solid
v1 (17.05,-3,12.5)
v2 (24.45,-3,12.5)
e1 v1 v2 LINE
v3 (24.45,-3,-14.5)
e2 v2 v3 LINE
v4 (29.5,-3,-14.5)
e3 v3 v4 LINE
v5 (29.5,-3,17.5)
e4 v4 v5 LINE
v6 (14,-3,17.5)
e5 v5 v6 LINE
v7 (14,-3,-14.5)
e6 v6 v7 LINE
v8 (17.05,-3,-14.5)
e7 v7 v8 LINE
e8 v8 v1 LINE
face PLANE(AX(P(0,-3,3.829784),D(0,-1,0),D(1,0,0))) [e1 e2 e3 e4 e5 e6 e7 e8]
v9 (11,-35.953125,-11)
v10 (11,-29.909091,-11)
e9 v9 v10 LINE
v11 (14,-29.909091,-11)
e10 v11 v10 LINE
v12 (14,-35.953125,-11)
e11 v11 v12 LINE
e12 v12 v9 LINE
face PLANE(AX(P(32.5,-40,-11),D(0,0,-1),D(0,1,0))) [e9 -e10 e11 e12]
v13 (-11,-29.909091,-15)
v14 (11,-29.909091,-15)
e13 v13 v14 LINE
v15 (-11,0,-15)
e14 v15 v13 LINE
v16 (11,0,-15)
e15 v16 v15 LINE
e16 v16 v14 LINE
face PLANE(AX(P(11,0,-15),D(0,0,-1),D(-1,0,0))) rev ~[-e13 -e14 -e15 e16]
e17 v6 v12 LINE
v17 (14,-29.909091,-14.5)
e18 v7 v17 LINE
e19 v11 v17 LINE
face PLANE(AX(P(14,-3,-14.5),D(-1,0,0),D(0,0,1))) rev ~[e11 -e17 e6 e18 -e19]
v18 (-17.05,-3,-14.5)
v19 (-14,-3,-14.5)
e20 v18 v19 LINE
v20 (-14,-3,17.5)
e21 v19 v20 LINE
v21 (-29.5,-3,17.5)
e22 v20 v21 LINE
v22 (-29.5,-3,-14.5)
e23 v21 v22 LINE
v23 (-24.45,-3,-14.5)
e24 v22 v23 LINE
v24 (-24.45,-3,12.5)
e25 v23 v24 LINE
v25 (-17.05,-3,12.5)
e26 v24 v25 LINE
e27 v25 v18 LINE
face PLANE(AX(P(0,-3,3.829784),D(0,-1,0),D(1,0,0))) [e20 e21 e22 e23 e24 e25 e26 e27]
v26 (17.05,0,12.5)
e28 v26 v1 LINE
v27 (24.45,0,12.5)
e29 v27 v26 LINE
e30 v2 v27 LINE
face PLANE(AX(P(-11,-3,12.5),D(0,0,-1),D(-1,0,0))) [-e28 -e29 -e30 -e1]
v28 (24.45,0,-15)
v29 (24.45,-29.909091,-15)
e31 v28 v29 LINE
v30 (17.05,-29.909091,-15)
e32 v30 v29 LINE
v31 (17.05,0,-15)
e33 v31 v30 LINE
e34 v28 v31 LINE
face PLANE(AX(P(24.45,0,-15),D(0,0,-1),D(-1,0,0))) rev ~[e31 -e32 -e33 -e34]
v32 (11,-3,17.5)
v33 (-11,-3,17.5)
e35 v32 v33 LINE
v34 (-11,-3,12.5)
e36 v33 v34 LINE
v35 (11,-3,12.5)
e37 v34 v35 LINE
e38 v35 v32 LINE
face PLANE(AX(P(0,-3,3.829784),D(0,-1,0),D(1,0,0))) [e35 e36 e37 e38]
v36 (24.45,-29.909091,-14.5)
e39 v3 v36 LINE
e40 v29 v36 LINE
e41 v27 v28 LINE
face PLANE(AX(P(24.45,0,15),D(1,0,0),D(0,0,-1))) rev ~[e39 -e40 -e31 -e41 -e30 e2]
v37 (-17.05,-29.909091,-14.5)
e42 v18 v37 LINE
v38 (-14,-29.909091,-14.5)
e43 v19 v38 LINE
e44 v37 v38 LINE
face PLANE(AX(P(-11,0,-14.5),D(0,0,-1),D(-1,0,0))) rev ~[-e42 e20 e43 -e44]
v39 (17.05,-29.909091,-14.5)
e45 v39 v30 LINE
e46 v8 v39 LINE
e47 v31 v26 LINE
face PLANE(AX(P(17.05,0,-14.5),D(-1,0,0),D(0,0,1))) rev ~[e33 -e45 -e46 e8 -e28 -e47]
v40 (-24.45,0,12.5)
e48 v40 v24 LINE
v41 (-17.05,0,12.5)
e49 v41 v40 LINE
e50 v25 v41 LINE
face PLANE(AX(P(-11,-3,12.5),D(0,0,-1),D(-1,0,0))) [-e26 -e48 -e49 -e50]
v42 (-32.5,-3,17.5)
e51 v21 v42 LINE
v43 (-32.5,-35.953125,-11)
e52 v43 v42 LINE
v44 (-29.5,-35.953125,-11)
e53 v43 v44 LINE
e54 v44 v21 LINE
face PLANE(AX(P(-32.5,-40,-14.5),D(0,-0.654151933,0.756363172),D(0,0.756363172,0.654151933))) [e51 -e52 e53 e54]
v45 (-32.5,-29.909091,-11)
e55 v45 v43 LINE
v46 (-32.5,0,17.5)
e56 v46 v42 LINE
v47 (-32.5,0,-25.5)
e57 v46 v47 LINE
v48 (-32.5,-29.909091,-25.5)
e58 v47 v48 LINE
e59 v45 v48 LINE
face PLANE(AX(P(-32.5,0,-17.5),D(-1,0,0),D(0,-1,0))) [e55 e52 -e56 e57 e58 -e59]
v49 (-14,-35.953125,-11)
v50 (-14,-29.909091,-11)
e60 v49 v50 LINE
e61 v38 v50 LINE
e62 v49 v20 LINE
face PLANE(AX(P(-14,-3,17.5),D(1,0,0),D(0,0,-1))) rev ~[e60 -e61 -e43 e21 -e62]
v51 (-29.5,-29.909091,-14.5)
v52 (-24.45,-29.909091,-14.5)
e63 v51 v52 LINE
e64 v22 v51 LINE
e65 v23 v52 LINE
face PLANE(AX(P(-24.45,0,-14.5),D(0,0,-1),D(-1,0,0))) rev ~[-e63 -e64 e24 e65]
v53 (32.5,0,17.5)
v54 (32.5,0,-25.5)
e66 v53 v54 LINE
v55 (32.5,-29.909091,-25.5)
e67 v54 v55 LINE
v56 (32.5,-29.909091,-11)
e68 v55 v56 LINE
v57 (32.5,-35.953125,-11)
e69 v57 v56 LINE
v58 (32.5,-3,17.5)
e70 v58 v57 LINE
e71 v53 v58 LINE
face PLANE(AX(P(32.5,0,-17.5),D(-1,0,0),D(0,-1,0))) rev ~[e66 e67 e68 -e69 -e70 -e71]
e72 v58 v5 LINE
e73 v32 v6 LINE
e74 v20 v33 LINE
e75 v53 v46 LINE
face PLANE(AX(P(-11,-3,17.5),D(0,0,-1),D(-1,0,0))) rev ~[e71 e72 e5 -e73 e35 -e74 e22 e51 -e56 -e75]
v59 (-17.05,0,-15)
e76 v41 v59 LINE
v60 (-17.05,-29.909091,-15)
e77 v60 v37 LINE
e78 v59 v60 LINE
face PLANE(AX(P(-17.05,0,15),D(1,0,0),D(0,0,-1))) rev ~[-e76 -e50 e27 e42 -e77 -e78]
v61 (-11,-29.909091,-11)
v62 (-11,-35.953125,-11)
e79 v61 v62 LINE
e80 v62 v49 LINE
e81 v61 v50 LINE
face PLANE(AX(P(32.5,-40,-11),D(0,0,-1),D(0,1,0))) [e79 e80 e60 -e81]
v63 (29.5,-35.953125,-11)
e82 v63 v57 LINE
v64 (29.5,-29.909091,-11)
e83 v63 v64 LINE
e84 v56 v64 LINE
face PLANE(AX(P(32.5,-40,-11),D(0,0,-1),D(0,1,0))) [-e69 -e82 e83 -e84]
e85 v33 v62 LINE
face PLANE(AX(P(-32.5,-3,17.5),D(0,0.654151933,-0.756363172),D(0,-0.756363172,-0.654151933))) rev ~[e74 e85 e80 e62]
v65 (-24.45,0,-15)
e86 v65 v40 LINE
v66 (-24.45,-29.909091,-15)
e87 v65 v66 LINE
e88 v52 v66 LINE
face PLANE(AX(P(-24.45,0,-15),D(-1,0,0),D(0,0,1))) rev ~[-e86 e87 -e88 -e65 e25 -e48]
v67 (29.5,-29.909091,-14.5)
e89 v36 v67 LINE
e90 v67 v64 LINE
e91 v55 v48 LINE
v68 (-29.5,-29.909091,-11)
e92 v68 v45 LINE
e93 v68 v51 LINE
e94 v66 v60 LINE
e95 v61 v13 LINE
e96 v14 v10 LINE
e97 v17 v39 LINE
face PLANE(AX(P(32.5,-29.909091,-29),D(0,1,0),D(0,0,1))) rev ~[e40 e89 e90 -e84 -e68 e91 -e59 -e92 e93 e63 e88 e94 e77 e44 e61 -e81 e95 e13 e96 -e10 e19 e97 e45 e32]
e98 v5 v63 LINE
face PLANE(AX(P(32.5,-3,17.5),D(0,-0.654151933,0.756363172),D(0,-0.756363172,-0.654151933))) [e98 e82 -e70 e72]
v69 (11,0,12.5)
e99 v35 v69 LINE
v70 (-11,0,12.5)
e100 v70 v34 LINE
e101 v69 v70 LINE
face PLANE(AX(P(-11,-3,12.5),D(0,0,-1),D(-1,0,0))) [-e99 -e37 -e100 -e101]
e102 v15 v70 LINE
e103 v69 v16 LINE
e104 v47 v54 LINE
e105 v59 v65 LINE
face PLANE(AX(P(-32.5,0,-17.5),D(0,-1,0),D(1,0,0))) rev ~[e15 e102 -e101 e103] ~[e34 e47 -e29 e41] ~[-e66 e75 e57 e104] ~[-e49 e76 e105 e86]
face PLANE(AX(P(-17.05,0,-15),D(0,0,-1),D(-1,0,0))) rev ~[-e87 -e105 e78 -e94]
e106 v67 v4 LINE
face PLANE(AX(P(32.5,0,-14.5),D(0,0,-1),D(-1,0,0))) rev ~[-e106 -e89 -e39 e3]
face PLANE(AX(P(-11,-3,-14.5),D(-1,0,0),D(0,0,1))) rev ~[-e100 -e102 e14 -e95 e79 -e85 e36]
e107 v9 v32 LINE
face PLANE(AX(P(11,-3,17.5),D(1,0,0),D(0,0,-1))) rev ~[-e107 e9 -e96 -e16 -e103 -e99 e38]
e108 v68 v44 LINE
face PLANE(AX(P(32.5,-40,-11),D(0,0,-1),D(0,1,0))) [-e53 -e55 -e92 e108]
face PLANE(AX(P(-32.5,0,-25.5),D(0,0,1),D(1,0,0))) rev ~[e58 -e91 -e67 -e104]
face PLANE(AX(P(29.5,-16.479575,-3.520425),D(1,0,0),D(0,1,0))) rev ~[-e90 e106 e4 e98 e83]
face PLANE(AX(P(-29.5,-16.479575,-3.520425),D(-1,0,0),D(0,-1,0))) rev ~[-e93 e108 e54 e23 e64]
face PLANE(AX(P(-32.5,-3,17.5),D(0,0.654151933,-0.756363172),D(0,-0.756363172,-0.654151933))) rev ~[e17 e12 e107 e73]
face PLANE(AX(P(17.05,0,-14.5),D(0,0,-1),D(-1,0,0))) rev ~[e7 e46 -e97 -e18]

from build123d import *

# Parameters (mm, degrees)
F1_DEPTH  = 3
F2_DEPTH  = 40
F5_DEPTH  = 37
F7_DEPTH  = 3
F8_DEPTH  = 3
F9_DEPTH  = 90
F10_DEPTH = 8
F11_R     = 4
F11_R_2   = 1.4
F12_DEPTH = 15
F13_DEPTH = 18
F14_W     = 10.0909090909
F14_H     = 18
F15_DEPTH = 101.4
F16_DEPTH = 5


with BuildPart() as f1:
    # F0 (on Front) → F1 (new body)
    with BuildSketch(Plane.XZ):
        Polygon((32.5, 17.5), (-32.5, 17.5), (-32.5, -14.5), (-24.45, -14.5), (-24.45, 15), (-20.75, 15), (-17.05, 15), (-17.05, -14.5), (-11, -14.5), (-11, 15), (11, 15), (11, -14.5), (17.05, -14.5), (17.05, 15), (20.75, 15), (24.45, 15), (24.45, -14.5), (32.5, -14.5), align=None)
    extrude(amount=F1_DEPTH)

    # F0 (on Front) → F2 (join)
    with BuildSketch(Plane.XZ):
        Polygon((-24.45, -14.5), (-32.5, -14.5), (-32.5, -17.5), (32.5, -17.5), (32.5, -14.5), (24.45, -14.5), (24.45, -15), (20.75, -15), (17.05, -15), (17.05, -14.5), (11, -14.5), (11, -15), (-11, -15), (-11, -14.5), (-17.05, -14.5), (-17.05, -15), (-20.75, -15), (-24.45, -15), align=None)
    extrude(amount=F2_DEPTH)

    # F4 (on face) → F5 (join)
    with BuildSketch(Plane.XZ.offset(3)):
        Polygon((-14, -14.5), (-11, -14.5), (-11, 15), (-11, 17.5), (-14, 17.5), align=None)
        Polygon((11, 17.5), (11, 15), (11, -14.5), (14, -14.5), (14, 17.5), align=None)
    extrude(amount=F5_DEPTH)

    # F6 (on face) → F7 (join)
    with BuildSketch(Plane.YZ.offset(32.5)):
        Polygon((-3, -14.5), (-3, 17.5), (-40, -14.5), align=None)
    extrude(amount=-F7_DEPTH)

    # F3 (on face) → F8 (join)
    with BuildSketch(Plane(origin=(-32.5, 0, 0), x_dir=(0, -1, 0), z_dir=(-1, 0, 0))):
        Polygon((40, -14.5), (3, 17.5), (3, -14.5), align=None)
    extrude(amount=-F8_DEPTH)

    # F3 (on face) → F9 (cut)
    with BuildSketch(Plane(origin=(-32.5, 0, 0), x_dir=(0, -1, 0), z_dir=(-1, 0, 0))):
        Polygon((45.3402064741, 20.7598140836), (3, 17.5), (40, -14.5), align=None)
    extrude(amount=-F9_DEPTH, mode=Mode.SUBTRACT)

    # F10 (add): a face of the model
    f10_faces = [f1.faces().sort_by_distance(p)[0] for p in [
        (0, -20, -17.5),
    ]]
    extrude(f10_faces, amount=F10_DEPTH)

    # F11 (on face) → F12 (cut)
    with BuildSketch(Plane(origin=(0, 0, -25.5), x_dir=(1, 0, 0), z_dir=(0, 0, -1))):
        with Locations((-21.75, -16.4545454545)):
            Circle(F11_R)
        with Locations((-21.75, -16.4545454545)):
            Circle(F11_R_2, mode=Mode.SUBTRACT)
        with Locations((21.75, -16.4545454545)):
            Circle(F11_R)
        with Locations((21.75, -16.4545454545)):
            Circle(F11_R_2, mode=Mode.SUBTRACT)
    extrude(amount=-F12_DEPTH, mode=Mode.SUBTRACT)

    # F11 (on face) → F13 (cut)
    with BuildSketch(Plane(origin=(0, 0, -25.5), x_dir=(1, 0, 0), z_dir=(0, 0, -1))):
        with Locations((-21.75, -16.4545454545)):
            Circle(F11_R_2)
        with Locations((21.75, -16.4545454545)):
            Circle(F11_R_2)
    extrude(amount=-F13_DEPTH, mode=Mode.SUBTRACT)

    # F14 (on face) → F15 (cut)
    with BuildSketch(Plane.YZ.offset(32.5)):
        with Locations((-34.9545454545, -20)):
            Rectangle(F14_W, F14_H)
    extrude(amount=-F15_DEPTH, mode=Mode.SUBTRACT)

    # F16 (add): a face of the model
    f16_faces = [f1.faces().sort_by_distance(p)[0] for p in [
        (0, -1.5, 17.5),
    ]]
    extrude(f16_faces, amount=-F16_DEPTH)


solid = f1.part
